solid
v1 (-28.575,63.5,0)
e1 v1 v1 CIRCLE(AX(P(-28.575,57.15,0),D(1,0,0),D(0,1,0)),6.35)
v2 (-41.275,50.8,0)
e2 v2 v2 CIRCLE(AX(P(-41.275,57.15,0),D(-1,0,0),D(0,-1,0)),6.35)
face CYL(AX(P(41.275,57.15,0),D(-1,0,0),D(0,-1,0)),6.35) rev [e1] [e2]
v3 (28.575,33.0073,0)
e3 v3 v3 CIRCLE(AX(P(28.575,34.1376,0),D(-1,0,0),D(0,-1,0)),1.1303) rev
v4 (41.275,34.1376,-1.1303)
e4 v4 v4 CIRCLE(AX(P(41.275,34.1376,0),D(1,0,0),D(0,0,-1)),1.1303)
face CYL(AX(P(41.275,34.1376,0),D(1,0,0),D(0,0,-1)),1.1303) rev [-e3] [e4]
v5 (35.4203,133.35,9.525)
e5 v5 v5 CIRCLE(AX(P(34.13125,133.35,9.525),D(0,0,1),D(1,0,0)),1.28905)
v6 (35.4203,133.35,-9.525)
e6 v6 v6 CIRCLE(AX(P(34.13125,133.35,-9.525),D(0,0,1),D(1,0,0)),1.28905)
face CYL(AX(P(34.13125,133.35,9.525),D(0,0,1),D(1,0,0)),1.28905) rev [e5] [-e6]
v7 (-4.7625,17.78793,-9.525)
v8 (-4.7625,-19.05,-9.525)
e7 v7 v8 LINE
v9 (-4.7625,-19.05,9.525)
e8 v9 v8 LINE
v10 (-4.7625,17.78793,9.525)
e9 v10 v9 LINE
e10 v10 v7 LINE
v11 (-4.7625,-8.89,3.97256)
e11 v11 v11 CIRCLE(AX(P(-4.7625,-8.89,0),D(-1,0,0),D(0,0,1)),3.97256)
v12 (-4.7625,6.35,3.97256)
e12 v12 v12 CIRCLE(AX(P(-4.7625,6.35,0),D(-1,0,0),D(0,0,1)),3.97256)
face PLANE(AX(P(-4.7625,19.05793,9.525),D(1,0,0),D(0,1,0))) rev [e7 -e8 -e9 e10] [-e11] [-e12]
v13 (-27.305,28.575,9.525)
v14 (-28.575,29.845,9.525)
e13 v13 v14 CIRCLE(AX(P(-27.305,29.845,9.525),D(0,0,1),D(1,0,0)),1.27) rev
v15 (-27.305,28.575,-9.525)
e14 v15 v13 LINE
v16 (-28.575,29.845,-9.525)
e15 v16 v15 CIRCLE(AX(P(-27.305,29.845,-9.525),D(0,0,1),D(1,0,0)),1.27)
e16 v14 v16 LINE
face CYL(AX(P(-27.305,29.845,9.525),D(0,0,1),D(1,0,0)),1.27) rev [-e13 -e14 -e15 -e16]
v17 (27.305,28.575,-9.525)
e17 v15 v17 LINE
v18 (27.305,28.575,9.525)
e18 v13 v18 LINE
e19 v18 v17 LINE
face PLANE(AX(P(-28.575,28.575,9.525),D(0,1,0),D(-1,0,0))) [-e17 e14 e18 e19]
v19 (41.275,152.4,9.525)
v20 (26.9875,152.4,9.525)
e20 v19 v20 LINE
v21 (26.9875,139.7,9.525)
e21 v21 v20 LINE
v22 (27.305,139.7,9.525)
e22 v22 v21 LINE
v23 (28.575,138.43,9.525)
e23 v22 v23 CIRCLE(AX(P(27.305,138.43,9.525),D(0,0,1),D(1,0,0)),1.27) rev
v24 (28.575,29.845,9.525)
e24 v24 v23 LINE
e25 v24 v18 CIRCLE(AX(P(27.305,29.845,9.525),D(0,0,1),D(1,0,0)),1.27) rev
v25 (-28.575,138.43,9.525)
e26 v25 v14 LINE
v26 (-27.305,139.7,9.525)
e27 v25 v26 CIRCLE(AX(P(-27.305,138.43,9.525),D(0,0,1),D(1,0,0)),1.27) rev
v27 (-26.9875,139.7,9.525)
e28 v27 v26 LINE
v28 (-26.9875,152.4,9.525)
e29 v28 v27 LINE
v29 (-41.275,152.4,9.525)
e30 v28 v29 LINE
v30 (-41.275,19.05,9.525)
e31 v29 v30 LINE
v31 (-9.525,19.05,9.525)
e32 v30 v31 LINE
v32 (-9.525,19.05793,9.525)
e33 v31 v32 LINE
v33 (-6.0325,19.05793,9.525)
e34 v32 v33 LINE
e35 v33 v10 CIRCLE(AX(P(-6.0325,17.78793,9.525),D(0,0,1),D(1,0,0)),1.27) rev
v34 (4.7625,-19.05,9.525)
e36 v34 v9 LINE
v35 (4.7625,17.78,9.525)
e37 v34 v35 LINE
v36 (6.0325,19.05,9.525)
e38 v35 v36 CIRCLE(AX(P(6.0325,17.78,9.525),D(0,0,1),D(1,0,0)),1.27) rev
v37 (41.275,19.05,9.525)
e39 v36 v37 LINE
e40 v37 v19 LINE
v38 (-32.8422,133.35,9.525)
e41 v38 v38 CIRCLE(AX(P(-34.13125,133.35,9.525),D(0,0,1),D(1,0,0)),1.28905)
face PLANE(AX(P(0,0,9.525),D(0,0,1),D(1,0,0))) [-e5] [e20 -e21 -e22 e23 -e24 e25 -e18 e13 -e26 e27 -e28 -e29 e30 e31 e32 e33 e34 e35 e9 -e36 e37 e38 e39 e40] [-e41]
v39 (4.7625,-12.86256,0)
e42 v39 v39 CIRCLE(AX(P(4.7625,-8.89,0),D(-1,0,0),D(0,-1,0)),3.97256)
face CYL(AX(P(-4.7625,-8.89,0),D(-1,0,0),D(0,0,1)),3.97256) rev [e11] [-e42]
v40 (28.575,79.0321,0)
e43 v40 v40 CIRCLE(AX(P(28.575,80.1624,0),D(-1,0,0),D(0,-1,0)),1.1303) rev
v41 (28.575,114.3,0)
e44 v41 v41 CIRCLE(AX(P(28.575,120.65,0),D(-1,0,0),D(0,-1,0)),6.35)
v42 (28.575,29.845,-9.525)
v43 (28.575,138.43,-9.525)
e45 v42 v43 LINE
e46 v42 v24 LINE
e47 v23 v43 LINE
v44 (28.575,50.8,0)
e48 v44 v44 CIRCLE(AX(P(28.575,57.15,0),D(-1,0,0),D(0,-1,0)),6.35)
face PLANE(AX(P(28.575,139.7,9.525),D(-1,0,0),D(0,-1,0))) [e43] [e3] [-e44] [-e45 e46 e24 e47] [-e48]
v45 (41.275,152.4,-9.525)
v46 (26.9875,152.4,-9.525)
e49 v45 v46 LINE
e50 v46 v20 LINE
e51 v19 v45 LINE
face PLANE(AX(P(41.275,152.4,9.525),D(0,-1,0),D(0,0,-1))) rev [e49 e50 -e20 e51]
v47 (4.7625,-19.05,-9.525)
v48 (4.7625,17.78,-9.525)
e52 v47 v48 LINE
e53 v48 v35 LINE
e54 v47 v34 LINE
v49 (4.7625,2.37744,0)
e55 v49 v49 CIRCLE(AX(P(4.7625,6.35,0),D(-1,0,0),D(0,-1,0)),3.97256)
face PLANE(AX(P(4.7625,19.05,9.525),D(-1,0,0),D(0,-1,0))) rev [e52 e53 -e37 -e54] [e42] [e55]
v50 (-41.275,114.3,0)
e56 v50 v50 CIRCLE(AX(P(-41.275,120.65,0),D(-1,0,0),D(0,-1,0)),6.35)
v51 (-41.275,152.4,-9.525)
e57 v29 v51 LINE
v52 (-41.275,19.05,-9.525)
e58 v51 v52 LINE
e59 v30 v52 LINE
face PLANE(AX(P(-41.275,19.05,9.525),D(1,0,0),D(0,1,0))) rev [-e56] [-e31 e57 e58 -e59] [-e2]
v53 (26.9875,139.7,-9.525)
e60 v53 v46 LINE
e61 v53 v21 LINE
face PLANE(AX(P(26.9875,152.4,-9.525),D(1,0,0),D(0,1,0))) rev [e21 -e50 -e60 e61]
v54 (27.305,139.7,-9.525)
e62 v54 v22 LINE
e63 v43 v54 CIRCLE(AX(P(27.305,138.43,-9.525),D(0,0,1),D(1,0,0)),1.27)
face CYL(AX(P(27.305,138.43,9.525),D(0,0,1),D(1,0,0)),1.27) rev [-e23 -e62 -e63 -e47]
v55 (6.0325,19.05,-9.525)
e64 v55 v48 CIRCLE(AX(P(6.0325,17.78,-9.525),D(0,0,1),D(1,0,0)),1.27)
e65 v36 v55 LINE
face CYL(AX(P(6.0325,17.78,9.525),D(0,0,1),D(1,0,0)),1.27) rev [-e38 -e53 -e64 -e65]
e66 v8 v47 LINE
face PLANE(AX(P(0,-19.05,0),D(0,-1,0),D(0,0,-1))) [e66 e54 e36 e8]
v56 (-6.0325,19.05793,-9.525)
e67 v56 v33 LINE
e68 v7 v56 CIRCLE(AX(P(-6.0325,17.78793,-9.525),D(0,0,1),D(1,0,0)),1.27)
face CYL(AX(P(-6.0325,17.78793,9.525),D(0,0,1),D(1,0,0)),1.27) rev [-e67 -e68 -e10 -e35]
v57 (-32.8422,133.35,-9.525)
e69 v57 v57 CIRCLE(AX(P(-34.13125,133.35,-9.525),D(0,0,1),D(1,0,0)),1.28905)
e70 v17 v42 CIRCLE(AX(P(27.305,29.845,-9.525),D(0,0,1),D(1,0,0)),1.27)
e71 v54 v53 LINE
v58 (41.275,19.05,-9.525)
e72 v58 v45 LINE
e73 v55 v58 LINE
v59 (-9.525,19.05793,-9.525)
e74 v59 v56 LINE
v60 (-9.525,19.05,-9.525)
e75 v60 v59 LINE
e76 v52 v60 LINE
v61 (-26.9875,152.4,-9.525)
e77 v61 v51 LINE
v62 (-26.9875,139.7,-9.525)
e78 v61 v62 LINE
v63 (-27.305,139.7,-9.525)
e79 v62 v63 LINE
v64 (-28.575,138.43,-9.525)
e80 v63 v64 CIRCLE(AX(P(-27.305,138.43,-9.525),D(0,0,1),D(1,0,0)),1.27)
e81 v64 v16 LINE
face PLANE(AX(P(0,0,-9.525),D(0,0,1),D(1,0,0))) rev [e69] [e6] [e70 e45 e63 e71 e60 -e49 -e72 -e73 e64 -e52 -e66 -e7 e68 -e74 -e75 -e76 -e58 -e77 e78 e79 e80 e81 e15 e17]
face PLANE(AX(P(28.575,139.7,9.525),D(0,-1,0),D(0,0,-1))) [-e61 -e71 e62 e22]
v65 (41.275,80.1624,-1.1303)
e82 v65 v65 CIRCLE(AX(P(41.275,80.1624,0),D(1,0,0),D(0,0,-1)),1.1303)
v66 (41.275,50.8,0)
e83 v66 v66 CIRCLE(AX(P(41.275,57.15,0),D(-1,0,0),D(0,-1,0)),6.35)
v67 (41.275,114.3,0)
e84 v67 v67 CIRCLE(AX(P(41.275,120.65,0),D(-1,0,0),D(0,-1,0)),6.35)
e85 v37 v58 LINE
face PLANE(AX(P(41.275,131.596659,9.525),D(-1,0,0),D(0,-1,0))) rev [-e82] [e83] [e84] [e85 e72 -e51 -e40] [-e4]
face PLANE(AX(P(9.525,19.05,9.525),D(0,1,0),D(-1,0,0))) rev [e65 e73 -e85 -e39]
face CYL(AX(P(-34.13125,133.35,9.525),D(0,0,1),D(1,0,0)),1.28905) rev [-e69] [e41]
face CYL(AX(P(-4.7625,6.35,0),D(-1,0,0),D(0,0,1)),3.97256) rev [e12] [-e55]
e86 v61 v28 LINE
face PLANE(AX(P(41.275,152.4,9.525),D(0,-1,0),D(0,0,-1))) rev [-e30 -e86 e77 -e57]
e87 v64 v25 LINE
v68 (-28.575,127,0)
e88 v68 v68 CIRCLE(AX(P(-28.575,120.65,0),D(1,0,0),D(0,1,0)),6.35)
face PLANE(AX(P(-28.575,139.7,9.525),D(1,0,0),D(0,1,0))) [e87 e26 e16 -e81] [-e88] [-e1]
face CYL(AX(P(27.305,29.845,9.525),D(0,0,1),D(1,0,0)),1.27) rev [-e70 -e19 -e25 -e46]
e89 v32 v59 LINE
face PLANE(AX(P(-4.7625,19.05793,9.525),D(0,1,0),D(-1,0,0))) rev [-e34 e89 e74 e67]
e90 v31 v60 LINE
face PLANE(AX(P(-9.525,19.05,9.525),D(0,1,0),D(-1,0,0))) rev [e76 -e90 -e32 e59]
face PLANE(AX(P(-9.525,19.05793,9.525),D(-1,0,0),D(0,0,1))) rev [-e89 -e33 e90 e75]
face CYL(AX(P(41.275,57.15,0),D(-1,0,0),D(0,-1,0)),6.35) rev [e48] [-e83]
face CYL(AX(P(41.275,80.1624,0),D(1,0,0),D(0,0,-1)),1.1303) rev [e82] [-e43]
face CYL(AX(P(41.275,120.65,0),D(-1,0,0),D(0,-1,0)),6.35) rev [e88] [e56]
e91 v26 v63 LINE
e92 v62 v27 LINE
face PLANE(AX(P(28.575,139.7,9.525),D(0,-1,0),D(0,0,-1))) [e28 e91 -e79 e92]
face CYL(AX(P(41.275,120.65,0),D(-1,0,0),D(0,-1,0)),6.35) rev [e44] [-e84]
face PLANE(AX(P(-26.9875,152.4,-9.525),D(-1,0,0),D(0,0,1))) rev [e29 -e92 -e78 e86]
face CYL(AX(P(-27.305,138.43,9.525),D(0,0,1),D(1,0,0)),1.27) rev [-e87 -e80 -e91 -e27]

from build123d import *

# Parameters (mm, degrees)
SKETCH1_W                 = 57.15
SKETCH1_H                 = 111.125
BOSS_EXTRUDE1_DEPTH       = 9.525
SKETCH2_R                 = 6.35
CUT_EXTRUDE1_DEPTH        = 83.55
SKETCH4_W                 = 4.7625
SKETCH4_H                 = 19.05
SKETCH4_H_2               = 19.057929795
CUT_EXTRUDE2_DEPTH        = 20.05
F_4_40_TAPPED_HOLE2_D     = 2.2606
F_4_40_TAPPED_HOLE2_DEPTH = 12.7
F_4_40_TAPPED_HOLE2_TIP   = 0.679152758
SKETCH14_W                = 9.525
SKETCH14_H                = 19.05
BOSS_EXTRUDE2_DEPTH       = 19.05
HOLE1_D                   = 7.94512
HOLE1_DEPTH               = 46.0375
HOLE1_TIP                 = 2.386954861
FILLET1_R                 = 1.27
SKETCH17_W                = 53.975
SKETCH17_H                = 12.7
CUT_EXTRUDE3_DEPTH        = 20.05
F_5_40_TAPPED_HOLE1_D     = 2.5781


with BuildPart() as part:
    # Sketch1 → Boss-Extrude1 (new body, symmetric)
    with BuildSketch(Plane.XY):
        Polygon((9.525, 0), (-9.525, 0), (-9.525, 19.05), (-41.275, 19.05), (-41.275, 131.596658994), (-41.275, 152.4), (41.275, 152.4), (41.275, 131.596658994), (41.275, 19.05), (9.525, 19.05), align=None)
        with Locations((0, 84.1375)):
            Rectangle(SKETCH1_W, SKETCH1_H, mode=Mode.SUBTRACT)
    extrude(amount=BOSS_EXTRUDE1_DEPTH, both=True)

    # Sketch2 → Cut-Extrude1 (cut, through all)
    with BuildSketch(Plane.ZY.offset(41.275)):
        with Locations((0, 57.15)):
            Circle(SKETCH2_R)
        with Locations((0, 120.65)):
            Circle(SKETCH2_R)
    extrude(amount=-CUT_EXTRUDE1_DEPTH, mode=Mode.SUBTRACT)

    # Sketch4 → Cut-Extrude2 (cut, through all)
    with BuildSketch(Plane(origin=(0, 0, -9.525), x_dir=(-1, 0, 0), z_dir=(0, 0, -1))):
        with Locations((-7.14375, 9.525)):
            Rectangle(SKETCH4_W, SKETCH4_H)
        with Locations((7.14375, 9.528964897)):
            Rectangle(SKETCH4_W, SKETCH4_H_2)
    extrude(amount=-CUT_EXTRUDE2_DEPTH, mode=Mode.SUBTRACT)

    # #4-40 Tapped Hole2
    with Locations(Plane(origin=(41.275, 0, 0), x_dir=(0, 0, -1), z_dir=(1, 0, 0))):
        with Locations((0, 80.1624), (0, 34.1376)):
            Hole(F_4_40_TAPPED_HOLE2_D / 2, depth=F_4_40_TAPPED_HOLE2_DEPTH)
            with Locations((0, 0, -(F_4_40_TAPPED_HOLE2_DEPTH + F_4_40_TAPPED_HOLE2_TIP / 2))):  # 118° drill point
                Cone(0, F_4_40_TAPPED_HOLE2_D / 2, F_4_40_TAPPED_HOLE2_TIP, mode=Mode.SUBTRACT)

    # Sketch14 → Boss-Extrude2 (add)
    with BuildSketch(Plane.XZ):
        Rectangle(SKETCH14_W, SKETCH14_H)
    extrude(amount=BOSS_EXTRUDE2_DEPTH)

    # Hole1
    with Locations(Plane.ZY.offset(4.7625)):
        with Locations((0, 6.35), (0, -8.89)):
            Hole(HOLE1_D / 2, depth=HOLE1_DEPTH)
            with Locations((0, 0, -(HOLE1_DEPTH + HOLE1_TIP / 2))):  # 118° drill point
                Cone(0, HOLE1_D / 2, HOLE1_TIP, mode=Mode.SUBTRACT)

    # Fillet1
    fillet1_edges = [part.edges().sort_by_distance(p)[0] for p in [
        (28.575, 139.7, 0),
        (-28.575, 139.7, 0),
        (-28.575, 28.575, 0),
        (28.575, 28.575, 0),
        (-4.7625, 19.057929795, 0),
        (4.7625, 19.05, 0),
    ]]
    fillet(fillet1_edges, radius=FILLET1_R)

    # Sketch17 → Cut-Extrude3 (cut, through all)
    with BuildSketch(Plane.XY.offset(9.525)):
        with Locations((0, 146.05)):
            Rectangle(SKETCH17_W, SKETCH17_H)
    extrude(amount=-CUT_EXTRUDE3_DEPTH, mode=Mode.SUBTRACT)

    # #5-40 Tapped Hole1 (through all)
    with Locations(Plane(origin=(0, 0, 9.525), x_dir=(-1, 0, 0), z_dir=(0, 0, 1))):
        with Locations((-34.13125, -133.35), (34.13125, -133.35)):
            Hole(F_5_40_TAPPED_HOLE1_D / 2)


solid = part.part
